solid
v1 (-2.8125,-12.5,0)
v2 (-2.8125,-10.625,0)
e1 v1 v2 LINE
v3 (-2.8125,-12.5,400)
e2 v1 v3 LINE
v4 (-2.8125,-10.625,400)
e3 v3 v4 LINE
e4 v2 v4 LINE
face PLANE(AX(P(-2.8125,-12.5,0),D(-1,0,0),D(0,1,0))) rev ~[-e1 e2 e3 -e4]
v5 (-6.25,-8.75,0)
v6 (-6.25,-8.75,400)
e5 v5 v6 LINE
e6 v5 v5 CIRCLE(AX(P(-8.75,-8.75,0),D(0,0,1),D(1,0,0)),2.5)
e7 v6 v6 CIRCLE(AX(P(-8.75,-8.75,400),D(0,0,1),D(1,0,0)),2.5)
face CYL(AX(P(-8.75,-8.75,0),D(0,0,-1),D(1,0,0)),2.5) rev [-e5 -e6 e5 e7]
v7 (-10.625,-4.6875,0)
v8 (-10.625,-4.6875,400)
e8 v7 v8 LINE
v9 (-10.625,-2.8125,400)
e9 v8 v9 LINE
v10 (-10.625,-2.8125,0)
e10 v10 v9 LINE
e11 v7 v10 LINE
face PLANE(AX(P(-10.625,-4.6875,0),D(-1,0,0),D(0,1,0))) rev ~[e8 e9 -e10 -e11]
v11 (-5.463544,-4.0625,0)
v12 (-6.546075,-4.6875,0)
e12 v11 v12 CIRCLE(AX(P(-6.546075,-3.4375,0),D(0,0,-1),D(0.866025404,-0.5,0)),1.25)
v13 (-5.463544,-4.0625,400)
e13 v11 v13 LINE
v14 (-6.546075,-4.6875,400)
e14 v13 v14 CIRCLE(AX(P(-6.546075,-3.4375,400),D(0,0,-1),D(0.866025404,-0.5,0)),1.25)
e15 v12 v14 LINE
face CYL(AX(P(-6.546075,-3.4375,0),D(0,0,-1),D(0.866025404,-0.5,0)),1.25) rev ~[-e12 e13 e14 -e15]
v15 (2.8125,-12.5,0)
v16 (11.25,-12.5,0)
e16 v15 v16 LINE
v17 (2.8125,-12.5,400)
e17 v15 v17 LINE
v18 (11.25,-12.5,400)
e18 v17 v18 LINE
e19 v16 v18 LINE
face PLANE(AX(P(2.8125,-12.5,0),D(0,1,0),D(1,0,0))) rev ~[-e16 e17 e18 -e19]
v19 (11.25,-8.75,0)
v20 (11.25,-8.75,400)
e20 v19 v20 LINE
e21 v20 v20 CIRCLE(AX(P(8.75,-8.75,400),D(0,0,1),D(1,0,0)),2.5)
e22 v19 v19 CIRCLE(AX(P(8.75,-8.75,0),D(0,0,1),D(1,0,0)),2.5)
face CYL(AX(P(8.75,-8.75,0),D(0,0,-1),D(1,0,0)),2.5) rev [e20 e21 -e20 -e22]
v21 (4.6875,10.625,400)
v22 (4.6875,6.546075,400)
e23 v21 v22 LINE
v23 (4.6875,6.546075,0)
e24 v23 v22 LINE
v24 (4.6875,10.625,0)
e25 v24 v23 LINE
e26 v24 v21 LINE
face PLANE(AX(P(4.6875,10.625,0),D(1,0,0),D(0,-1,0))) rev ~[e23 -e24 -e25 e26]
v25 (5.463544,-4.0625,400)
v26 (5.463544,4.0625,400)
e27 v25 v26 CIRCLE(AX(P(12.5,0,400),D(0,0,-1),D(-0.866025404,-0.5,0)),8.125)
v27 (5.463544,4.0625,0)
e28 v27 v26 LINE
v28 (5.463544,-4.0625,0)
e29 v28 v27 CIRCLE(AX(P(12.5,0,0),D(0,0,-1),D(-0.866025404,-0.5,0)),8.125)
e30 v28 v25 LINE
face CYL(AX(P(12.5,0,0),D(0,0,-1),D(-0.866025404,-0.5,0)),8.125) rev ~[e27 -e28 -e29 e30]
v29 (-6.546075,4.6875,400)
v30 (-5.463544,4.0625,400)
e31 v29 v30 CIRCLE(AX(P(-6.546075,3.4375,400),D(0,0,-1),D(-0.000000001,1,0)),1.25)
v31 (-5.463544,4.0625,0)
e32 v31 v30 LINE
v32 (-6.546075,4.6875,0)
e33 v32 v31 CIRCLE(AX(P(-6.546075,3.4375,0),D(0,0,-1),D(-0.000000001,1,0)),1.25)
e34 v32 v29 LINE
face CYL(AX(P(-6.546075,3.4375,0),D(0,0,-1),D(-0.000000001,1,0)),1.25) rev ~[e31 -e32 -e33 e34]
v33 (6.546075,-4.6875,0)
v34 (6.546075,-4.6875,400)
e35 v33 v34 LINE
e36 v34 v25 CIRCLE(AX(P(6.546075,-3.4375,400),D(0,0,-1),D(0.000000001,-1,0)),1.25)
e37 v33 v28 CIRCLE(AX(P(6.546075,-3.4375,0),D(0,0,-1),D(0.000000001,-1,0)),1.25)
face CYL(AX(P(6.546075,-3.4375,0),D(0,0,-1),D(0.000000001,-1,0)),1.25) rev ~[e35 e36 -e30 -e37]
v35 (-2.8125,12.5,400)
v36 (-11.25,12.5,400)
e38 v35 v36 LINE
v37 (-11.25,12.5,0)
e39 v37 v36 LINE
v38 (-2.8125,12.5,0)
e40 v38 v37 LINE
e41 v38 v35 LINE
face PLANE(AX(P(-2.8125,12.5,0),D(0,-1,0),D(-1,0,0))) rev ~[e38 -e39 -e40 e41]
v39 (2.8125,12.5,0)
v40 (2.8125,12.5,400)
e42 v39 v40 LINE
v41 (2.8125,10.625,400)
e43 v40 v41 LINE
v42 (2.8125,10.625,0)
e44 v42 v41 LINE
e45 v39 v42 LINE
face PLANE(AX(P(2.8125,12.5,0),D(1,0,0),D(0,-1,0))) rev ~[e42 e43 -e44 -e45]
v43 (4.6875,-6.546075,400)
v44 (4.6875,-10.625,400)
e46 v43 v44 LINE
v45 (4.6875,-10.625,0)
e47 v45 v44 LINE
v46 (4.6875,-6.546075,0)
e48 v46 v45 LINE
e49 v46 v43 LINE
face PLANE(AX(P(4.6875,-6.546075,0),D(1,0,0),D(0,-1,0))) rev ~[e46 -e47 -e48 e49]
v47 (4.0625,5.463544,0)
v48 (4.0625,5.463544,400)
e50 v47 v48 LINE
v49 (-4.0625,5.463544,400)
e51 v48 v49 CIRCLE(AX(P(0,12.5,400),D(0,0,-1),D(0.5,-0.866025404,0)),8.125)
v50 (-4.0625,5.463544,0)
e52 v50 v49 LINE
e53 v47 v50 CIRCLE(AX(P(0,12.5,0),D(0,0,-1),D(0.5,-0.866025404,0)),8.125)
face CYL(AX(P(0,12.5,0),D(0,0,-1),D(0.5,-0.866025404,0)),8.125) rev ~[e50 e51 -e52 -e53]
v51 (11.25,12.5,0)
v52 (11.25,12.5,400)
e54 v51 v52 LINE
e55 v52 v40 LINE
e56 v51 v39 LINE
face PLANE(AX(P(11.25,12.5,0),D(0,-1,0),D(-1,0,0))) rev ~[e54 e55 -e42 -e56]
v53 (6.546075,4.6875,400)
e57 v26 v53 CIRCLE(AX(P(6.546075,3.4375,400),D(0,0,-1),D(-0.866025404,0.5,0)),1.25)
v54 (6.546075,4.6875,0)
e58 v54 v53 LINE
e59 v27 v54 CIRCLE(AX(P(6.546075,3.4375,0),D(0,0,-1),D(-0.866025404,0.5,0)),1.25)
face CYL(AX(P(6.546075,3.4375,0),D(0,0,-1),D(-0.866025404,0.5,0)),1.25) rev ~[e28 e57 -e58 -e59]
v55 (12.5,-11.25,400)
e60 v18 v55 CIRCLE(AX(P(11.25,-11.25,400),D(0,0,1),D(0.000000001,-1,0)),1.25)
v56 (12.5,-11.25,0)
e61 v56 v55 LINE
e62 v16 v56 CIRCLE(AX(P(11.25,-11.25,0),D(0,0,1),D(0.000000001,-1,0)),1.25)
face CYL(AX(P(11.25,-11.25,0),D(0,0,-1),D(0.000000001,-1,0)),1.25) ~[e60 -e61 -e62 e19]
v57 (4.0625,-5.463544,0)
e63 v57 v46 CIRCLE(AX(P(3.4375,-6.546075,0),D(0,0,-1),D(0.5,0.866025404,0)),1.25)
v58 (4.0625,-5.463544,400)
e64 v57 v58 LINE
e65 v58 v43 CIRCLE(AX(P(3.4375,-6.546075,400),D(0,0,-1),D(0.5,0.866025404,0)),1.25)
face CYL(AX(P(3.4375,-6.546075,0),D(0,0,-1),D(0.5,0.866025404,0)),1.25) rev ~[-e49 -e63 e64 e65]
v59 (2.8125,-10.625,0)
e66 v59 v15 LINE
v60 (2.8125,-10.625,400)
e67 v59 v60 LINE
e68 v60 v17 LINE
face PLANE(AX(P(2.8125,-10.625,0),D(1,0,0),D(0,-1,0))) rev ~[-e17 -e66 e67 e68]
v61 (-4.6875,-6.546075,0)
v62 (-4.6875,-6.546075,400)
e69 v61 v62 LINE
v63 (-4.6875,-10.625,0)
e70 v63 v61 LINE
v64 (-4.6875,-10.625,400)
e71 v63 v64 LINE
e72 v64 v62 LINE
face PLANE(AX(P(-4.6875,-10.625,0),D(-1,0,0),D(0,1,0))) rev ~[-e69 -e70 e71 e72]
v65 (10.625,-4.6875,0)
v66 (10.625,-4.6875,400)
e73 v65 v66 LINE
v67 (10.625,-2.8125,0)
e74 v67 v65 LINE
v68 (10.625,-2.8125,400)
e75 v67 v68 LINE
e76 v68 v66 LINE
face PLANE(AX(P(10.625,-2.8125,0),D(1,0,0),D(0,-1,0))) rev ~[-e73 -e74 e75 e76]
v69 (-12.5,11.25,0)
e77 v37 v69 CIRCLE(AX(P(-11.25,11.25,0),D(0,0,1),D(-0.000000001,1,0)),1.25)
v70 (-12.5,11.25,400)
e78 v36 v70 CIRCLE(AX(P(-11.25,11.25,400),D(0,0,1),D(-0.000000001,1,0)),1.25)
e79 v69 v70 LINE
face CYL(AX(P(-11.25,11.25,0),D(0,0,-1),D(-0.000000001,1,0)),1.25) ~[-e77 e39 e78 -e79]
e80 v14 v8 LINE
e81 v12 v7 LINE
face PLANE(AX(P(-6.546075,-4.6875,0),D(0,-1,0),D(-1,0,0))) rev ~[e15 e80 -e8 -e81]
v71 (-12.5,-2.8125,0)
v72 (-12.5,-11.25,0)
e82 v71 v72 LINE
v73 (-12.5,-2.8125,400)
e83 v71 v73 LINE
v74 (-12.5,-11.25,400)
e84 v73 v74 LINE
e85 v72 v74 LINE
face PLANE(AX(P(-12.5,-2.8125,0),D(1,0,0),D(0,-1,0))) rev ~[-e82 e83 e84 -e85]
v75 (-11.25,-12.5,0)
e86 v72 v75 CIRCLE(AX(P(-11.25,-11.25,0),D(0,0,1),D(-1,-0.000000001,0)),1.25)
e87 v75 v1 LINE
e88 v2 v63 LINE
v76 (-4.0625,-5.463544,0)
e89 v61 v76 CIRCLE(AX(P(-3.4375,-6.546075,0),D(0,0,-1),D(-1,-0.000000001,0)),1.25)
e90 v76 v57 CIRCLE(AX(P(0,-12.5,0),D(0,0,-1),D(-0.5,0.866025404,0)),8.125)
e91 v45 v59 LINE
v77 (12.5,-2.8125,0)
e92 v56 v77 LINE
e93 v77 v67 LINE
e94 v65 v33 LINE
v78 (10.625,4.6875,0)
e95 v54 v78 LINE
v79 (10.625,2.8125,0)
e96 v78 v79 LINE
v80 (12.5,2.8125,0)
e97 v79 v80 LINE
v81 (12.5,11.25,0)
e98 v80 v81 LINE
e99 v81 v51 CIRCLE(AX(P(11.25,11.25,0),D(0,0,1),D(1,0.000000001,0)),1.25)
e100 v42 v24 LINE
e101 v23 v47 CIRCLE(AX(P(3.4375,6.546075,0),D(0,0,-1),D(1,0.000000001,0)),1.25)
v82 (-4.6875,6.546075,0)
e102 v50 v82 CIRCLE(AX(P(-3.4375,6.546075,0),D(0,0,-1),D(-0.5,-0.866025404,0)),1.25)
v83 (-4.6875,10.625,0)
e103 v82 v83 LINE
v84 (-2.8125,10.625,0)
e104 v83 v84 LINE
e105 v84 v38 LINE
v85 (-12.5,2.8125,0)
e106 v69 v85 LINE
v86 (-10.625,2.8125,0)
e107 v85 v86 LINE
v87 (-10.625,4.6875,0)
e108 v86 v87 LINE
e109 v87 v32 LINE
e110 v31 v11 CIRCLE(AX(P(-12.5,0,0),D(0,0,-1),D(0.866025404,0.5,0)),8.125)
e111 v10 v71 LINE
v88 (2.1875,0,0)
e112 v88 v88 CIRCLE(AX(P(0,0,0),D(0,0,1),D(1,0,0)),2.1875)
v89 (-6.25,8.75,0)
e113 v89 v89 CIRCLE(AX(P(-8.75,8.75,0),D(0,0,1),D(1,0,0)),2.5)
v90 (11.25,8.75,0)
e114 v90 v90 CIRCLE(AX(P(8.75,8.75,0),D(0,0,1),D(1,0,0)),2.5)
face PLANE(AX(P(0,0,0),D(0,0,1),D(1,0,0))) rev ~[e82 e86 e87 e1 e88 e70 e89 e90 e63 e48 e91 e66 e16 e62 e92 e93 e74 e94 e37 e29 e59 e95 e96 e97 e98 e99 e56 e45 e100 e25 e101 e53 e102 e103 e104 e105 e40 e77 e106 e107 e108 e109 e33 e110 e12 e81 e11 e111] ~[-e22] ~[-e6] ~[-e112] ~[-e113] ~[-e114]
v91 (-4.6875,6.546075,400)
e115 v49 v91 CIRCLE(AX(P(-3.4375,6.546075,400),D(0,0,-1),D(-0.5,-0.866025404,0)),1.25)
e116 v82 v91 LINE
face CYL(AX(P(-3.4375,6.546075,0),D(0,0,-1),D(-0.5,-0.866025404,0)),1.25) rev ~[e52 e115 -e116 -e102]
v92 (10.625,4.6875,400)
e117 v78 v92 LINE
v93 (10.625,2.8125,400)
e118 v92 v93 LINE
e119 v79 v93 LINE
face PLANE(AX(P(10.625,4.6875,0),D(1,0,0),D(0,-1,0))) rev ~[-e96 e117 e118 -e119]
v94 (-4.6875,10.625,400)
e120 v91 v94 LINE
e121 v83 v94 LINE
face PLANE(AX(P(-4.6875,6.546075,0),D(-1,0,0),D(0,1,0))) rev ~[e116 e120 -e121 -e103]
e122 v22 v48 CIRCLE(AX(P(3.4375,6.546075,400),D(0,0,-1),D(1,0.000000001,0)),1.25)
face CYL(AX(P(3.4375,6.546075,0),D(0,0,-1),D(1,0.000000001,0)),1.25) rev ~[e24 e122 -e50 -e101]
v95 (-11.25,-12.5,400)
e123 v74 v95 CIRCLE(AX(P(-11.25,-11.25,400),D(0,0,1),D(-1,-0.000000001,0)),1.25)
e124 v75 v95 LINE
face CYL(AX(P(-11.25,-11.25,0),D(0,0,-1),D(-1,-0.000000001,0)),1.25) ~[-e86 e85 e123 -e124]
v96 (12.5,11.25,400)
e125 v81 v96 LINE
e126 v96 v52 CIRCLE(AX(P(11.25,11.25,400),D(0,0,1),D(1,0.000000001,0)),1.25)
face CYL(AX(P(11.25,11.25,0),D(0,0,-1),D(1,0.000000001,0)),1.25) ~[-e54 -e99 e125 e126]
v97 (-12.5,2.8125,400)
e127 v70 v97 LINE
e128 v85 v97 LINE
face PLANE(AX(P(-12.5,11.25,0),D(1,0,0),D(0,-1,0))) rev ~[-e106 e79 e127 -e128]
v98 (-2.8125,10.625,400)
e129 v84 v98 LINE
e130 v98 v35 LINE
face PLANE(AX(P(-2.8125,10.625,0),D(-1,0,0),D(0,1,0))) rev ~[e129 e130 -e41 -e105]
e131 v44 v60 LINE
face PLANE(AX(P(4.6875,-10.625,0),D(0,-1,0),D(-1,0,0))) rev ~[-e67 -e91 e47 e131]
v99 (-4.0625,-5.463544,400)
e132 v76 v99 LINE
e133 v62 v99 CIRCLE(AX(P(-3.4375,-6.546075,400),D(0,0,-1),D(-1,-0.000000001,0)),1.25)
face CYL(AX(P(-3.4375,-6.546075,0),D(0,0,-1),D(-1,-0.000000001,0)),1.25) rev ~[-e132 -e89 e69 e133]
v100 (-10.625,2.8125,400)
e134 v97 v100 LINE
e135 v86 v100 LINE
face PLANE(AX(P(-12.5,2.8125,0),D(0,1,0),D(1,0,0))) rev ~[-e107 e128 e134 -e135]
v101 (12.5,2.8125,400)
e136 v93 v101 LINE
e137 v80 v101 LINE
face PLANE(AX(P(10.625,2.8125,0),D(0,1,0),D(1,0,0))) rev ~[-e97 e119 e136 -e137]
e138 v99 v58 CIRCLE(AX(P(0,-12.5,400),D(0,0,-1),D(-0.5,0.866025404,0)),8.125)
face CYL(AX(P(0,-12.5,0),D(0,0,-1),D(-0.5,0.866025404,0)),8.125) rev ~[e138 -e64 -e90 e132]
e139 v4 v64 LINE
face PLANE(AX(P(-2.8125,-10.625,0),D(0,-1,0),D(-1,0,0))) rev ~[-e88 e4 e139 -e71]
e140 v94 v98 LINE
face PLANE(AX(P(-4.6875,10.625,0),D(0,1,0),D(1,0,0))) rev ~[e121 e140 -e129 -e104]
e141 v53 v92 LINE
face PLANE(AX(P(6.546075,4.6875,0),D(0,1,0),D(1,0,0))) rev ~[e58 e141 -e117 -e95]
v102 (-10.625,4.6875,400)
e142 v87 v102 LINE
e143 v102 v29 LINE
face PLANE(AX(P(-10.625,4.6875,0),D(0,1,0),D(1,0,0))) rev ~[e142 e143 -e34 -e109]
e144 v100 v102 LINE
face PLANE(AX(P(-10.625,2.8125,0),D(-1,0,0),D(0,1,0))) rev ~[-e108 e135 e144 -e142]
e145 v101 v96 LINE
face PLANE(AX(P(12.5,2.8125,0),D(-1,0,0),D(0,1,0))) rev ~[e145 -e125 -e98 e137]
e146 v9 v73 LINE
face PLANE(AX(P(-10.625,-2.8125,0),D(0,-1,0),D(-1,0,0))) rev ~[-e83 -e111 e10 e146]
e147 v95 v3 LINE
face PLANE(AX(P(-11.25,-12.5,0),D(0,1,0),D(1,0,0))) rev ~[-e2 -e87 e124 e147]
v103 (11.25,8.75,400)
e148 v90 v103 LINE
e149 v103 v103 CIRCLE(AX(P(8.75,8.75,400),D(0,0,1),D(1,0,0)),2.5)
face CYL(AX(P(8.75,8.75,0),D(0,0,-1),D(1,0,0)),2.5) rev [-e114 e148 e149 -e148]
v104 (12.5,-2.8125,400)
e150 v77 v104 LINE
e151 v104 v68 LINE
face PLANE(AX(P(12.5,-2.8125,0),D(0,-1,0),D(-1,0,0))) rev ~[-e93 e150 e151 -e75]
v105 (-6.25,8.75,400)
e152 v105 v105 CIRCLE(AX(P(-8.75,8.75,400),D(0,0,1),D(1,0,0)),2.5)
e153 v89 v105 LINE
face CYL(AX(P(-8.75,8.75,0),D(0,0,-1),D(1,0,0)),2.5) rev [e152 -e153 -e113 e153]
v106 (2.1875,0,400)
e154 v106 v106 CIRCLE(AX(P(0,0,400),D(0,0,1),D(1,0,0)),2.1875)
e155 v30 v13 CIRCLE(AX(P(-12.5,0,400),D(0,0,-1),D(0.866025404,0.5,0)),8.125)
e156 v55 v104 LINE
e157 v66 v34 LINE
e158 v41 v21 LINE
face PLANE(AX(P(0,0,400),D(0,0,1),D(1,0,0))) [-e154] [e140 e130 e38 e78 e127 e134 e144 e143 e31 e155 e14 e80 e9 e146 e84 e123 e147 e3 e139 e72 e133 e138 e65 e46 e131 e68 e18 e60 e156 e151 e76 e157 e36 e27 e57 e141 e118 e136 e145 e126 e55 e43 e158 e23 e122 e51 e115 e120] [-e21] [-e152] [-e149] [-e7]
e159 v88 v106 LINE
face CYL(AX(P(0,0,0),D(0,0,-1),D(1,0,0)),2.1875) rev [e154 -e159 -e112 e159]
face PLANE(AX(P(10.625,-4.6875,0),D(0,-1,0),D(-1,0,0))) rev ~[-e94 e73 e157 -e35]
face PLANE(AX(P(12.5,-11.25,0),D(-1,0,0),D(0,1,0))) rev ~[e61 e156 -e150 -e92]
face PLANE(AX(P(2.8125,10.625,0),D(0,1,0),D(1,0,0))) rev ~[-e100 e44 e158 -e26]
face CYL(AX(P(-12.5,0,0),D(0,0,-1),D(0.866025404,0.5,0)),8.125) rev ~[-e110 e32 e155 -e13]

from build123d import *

# Parameters (mm, degrees)
SKETCH1_R           = 2.5
SKETCH1_R_2         = 2.1875
BOSS_EXTRUDE1_DEPTH = 400


with BuildPart() as part:
    # Sketch1 → Boss-Extrude1 (new body)
    with BuildSketch(Plane.XY):
        with BuildLine():
            Line((-12.5, 11.25), (-12.5, 2.8125))
            Line((-12.5, 2.8125), (-10.625, 2.8125))
            Line((-10.625, 2.8125), (-10.625, 4.6875))
            Line((-10.625, 4.6875), (-6.546075349, 4.6875))
            ThreePointArc((-6.546075349, 4.6875), (-5.921075349, 4.520031755), (-5.463543594, 4.0625))
            ThreePointArc((-5.463543594, 4.0625), (-4.375, 0), (-5.463543594, -4.0625))
            ThreePointArc((-5.463543594, -4.0625), (-5.921075349, -4.520031755), (-6.546075349, -4.6875))
            Line((-6.546075349, -4.6875), (-10.625, -4.6875))
            Line((-10.625, -4.6875), (-10.625, -2.8125))
            Line((-10.625, -2.8125), (-12.5, -2.8125))
            Line((-12.5, -2.8125), (-12.5, -11.25))
            ThreePointArc((-12.5, -11.25), (-12.133883476, -12.133883476), (-11.25, -12.5))
            Line((-11.25, -12.5), (-2.8125, -12.5))
            Line((-2.8125, -12.5), (-2.8125, -10.625))
            Line((-2.8125, -10.625), (-4.6875, -10.625))
            Line((-4.6875, -10.625), (-4.6875, -6.546075349))
            ThreePointArc((-4.6875, -6.546075349), (-4.520031755, -5.921075349), (-4.0625, -5.463543594))
            ThreePointArc((-4.0625, -5.463543594), (0, -4.375), (4.0625, -5.463543594))
            ThreePointArc((4.0625, -5.463543594), (4.520031755, -5.921075349), (4.6875, -6.546075349))
            Line((4.6875, -6.546075349), (4.6875, -10.625))
            Line((4.6875, -10.625), (2.8125, -10.625))
            Line((2.8125, -10.625), (2.8125, -12.5))
            Line((2.8125, -12.5), (11.25, -12.5))
            ThreePointArc((11.25, -12.5), (12.133883476, -12.133883476), (12.5, -11.25))
            Line((12.5, -11.25), (12.5, -2.8125))
            Line((12.5, -2.8125), (10.625, -2.8125))
            Line((10.625, -2.8125), (10.625, -4.6875))
            Line((10.625, -4.6875), (6.546075349, -4.6875))
            ThreePointArc((6.546075349, -4.6875), (5.921075349, -4.520031755), (5.463543594, -4.0625))
            ThreePointArc((5.463543594, -4.0625), (4.375, 0), (5.463543594, 4.0625))
            ThreePointArc((5.463543594, 4.0625), (5.921075349, 4.520031755), (6.546075349, 4.6875))
            Line((6.546075349, 4.6875), (10.625, 4.6875))
            Line((10.625, 4.6875), (10.625, 2.8125))
            Line((10.625, 2.8125), (12.5, 2.8125))
            Line((12.5, 2.8125), (12.5, 11.25))
            ThreePointArc((12.5, 11.25), (12.133883476, 12.133883476), (11.25, 12.5))
            Line((11.25, 12.5), (2.8125, 12.5))
            Line((2.8125, 12.5), (2.8125, 10.625))
            Line((2.8125, 10.625), (4.6875, 10.625))
            Line((4.6875, 10.625), (4.6875, 6.546075349))
            ThreePointArc((4.6875, 6.546075349), (4.520031755, 5.921075349), (4.0625, 5.463543594))
            ThreePointArc((4.0625, 5.463543594), (0, 4.375), (-4.0625, 5.463543594))
            ThreePointArc((-4.0625, 5.463543594), (-4.520031755, 5.921075349), (-4.6875, 6.546075349))
            Line((-4.6875, 6.546075349), (-4.6875, 10.625))
            Line((-4.6875, 10.625), (-2.8125, 10.625))
            Line((-2.8125, 10.625), (-2.8125, 12.5))
            Line((-2.8125, 12.5), (-11.25, 12.5))
            ThreePointArc((-11.25, 12.5), (-12.133883476, 12.133883476), (-12.5, 11.25))
        make_face()
        with Locations((-8.75, -8.75)):
            Circle(SKETCH1_R, mode=Mode.SUBTRACT)
        with Locations((8.75, -8.75)):
            Circle(SKETCH1_R, mode=Mode.SUBTRACT)
        with Locations((8.75, 8.75)):
            Circle(SKETCH1_R, mode=Mode.SUBTRACT)
        Circle(SKETCH1_R_2, mode=Mode.SUBTRACT)
        with Locations((-8.75, 8.75)):
            Circle(SKETCH1_R, mode=Mode.SUBTRACT)
    extrude(amount=BOSS_EXTRUDE1_DEPTH)


solid = part.part
